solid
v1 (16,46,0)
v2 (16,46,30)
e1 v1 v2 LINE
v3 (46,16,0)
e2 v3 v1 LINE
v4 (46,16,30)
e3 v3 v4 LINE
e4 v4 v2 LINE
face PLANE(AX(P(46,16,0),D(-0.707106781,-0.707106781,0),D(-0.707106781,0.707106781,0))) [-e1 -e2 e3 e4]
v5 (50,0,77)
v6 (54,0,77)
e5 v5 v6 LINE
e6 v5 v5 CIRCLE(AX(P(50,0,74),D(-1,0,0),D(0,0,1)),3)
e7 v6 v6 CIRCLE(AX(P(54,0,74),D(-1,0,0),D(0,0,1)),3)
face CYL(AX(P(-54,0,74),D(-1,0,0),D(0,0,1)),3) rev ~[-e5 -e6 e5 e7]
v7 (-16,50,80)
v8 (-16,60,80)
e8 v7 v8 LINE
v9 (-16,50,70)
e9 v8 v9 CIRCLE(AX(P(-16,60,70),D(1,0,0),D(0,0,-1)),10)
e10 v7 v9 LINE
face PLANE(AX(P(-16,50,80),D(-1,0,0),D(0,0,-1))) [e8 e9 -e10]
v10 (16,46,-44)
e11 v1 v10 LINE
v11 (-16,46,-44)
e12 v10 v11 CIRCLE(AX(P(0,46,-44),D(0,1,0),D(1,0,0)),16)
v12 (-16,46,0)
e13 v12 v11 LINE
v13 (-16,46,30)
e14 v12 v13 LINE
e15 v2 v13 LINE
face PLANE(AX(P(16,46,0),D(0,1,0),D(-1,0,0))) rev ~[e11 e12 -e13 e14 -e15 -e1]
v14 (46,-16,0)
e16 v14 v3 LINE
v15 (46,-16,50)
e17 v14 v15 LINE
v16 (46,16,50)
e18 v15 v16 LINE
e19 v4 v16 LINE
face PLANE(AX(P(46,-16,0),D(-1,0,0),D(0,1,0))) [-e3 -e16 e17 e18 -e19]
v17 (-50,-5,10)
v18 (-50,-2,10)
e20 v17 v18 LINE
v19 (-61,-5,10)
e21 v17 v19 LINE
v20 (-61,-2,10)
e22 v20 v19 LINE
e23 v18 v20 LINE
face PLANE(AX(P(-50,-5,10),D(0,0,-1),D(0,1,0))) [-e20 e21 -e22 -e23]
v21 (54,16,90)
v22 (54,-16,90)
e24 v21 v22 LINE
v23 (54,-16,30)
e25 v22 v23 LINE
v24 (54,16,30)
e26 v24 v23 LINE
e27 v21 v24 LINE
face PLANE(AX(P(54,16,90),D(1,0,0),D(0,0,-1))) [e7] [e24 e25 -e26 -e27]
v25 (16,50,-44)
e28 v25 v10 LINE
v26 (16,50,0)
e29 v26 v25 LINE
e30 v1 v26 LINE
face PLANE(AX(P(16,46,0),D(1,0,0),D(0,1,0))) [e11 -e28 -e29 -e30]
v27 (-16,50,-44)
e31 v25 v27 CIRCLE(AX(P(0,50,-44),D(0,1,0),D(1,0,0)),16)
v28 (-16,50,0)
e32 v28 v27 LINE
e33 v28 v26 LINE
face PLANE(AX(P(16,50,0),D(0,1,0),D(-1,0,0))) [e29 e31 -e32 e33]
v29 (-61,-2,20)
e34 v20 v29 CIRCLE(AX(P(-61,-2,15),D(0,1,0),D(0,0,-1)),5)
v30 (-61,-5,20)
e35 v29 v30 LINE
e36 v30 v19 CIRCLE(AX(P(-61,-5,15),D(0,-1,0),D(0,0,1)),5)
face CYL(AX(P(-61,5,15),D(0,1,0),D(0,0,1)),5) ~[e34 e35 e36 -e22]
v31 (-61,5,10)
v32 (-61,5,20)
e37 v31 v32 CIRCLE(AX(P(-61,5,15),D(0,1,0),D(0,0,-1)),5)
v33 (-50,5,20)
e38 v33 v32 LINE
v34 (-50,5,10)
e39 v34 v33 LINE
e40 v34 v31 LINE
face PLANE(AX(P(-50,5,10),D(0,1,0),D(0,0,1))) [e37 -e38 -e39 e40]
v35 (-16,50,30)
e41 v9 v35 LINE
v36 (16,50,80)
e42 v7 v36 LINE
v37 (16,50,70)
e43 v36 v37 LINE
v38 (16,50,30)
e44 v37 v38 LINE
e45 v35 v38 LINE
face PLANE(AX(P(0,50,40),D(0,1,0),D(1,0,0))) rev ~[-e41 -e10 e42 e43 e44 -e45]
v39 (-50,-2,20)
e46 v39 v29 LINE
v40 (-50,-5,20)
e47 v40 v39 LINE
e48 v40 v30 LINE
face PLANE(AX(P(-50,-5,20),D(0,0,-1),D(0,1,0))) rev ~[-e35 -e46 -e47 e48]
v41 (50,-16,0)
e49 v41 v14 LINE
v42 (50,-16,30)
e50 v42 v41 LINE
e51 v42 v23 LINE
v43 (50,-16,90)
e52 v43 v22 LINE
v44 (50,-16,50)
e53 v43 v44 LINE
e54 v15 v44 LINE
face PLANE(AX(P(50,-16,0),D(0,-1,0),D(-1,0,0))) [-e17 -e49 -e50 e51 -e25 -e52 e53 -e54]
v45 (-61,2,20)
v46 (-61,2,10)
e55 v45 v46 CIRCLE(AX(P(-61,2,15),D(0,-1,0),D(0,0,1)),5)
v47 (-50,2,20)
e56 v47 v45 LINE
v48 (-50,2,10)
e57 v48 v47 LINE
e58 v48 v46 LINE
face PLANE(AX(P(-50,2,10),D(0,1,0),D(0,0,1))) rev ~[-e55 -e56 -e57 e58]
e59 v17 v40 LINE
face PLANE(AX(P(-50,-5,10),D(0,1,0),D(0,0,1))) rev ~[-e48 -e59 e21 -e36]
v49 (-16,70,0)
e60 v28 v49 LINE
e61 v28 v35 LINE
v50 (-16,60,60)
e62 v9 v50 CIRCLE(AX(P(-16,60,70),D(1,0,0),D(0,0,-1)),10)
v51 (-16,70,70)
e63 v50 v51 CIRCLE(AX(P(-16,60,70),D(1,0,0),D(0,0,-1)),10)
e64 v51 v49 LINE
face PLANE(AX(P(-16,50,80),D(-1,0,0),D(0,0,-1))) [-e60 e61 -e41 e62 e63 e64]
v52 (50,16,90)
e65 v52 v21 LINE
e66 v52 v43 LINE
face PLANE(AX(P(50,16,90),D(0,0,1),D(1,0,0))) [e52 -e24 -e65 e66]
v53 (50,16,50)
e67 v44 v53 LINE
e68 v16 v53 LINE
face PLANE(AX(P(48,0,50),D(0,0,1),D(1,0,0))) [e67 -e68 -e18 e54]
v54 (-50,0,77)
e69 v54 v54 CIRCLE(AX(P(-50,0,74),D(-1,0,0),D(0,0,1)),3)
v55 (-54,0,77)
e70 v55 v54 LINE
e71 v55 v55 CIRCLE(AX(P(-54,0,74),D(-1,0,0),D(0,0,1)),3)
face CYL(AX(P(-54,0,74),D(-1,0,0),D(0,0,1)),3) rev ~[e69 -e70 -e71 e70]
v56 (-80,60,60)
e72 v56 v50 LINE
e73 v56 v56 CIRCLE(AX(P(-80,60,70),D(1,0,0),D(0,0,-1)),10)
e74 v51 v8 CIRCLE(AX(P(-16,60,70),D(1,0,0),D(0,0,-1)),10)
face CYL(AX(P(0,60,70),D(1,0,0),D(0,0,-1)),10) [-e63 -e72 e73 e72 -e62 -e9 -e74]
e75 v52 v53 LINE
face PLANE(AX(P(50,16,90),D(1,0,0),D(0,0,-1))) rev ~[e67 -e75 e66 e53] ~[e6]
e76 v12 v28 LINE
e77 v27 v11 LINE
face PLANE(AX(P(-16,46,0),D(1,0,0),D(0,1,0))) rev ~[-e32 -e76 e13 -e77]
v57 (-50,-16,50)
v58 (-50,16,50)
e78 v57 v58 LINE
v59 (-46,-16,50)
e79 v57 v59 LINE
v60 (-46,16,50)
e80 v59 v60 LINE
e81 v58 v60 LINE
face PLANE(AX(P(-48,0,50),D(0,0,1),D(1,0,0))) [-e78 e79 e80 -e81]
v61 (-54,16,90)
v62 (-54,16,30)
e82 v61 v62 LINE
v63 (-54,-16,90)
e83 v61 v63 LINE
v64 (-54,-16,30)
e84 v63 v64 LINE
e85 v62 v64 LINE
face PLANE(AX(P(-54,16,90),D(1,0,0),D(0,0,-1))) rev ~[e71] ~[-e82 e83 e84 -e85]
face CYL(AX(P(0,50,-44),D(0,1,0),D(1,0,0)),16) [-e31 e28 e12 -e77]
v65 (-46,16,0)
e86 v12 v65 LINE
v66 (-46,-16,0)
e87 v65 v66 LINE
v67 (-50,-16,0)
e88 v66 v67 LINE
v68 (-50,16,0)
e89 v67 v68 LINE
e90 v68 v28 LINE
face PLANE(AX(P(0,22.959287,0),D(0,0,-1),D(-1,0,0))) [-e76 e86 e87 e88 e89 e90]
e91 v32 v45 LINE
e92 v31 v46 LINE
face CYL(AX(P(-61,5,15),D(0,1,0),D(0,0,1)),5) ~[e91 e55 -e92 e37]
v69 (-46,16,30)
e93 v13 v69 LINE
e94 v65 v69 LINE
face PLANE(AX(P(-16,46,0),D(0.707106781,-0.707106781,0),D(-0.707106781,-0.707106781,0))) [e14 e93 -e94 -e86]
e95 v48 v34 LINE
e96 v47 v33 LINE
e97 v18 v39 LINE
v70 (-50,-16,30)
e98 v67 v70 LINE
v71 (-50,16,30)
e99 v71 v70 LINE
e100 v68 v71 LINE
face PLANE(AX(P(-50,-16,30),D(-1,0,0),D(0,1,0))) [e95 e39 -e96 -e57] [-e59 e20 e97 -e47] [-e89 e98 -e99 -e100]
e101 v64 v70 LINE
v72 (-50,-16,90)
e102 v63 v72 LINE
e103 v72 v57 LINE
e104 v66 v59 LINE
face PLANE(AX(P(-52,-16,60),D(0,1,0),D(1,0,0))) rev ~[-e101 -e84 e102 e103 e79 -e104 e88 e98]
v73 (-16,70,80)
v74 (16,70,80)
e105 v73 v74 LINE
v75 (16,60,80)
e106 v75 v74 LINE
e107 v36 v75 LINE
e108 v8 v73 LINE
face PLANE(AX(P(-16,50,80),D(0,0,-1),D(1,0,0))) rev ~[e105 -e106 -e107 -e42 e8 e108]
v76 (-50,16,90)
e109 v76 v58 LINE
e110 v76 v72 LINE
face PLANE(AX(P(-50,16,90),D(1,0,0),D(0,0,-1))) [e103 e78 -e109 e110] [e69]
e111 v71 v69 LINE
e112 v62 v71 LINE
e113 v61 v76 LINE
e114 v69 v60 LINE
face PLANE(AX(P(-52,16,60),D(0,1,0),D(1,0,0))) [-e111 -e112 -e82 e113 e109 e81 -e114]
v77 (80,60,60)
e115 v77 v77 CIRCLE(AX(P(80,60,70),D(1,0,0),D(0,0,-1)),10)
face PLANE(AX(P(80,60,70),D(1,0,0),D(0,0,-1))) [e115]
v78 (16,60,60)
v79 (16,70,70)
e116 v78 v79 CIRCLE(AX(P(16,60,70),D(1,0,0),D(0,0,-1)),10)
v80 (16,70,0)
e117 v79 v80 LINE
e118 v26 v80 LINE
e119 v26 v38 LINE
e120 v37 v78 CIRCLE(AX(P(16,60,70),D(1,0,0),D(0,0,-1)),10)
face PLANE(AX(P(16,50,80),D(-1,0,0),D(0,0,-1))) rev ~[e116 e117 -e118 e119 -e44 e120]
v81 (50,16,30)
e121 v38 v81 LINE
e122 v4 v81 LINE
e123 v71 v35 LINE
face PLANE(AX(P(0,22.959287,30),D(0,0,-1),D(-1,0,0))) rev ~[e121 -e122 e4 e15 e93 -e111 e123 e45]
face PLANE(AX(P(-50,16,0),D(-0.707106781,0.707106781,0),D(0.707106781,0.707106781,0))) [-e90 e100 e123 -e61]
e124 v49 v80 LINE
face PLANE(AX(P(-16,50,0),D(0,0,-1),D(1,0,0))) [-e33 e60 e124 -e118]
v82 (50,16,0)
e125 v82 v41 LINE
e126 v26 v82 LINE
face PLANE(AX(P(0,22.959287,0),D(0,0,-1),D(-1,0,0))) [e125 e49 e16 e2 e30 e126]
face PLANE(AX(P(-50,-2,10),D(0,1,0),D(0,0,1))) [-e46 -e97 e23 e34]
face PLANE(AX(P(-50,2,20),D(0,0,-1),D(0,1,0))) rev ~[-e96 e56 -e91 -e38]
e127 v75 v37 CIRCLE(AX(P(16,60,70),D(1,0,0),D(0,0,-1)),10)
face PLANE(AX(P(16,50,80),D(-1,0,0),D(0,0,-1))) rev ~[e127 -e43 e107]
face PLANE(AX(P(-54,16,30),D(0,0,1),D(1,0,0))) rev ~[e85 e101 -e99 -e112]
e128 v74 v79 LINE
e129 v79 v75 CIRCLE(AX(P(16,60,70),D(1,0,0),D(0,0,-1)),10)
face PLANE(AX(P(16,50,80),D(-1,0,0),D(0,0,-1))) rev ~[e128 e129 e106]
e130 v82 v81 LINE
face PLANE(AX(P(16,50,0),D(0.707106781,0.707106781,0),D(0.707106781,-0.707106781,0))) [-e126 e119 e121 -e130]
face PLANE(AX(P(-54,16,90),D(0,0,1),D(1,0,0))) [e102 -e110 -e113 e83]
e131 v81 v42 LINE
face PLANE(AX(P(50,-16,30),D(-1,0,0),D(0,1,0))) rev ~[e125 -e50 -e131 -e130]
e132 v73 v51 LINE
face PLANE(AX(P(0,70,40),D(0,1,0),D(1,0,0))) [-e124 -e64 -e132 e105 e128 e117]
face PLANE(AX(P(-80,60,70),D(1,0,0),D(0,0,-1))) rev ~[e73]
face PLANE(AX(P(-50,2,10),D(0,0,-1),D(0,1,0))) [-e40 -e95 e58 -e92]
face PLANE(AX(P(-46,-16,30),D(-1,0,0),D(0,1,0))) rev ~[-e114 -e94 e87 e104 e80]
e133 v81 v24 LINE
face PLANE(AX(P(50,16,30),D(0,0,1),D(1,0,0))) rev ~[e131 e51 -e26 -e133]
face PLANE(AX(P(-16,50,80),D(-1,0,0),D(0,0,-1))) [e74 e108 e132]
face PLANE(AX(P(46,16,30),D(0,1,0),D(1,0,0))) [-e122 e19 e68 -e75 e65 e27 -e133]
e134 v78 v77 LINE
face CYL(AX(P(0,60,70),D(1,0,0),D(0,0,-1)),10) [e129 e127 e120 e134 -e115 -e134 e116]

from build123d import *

# Parameters (mm, degrees)
EXTRUDE_1_DEPTH     = 30
SKETCH_2_W          = 32
SKETCH_2_H          = 4
EXTRUDE_2_DEPTH     = 60
CUT_EXTRUDE_1_DEPTH = 30
SKETCH_4_W          = 10
SKETCH_4_H          = 3
EXTRUDE_3_DEPTH     = 16
CUT_EXTRUDE_2_DEPTH = 16
SKETCH_6_W          = 4
SKETCH_6_H          = 32
EXTRUDE_4_DEPTH     = 20
SKETCH_7_W          = 4
SKETCH_7_H          = 60
EXTRUDE_5_DEPTH     = 32
SKETCH_8_R          = 3
CUT_EXTRUDE_3_DEPTH = 109
SKETCH_9_W          = 32
SKETCH_9_H          = 80
EXTRUDE_6_DEPTH     = 20
SKETCH_10_R         = 10
EXTRUDE_7_DEPTH     = 80


with BuildPart() as part:
    # 草图1 → 凸台-拉伸1 (new body)
    with BuildSketch(Plane.XY):
        Polygon((-50, 16), (-16, 50), (16, 50), (50, 16), (50, -16), (46, -16), (46, 16), (16, 46), (-16, 46), (-46, 16), (-46, -16), (-50, -16), align=None)
    extrude(amount=EXTRUDE_1_DEPTH)

    # 草图2 → 凸台-拉伸2 (add)
    with BuildSketch(Plane(origin=(0, 0, 0), x_dir=(-1, 0, 0), z_dir=(0, 0, -1))):
        with Locations((0, 48)):
            Rectangle(SKETCH_2_W, SKETCH_2_H)
    extrude(amount=EXTRUDE_2_DEPTH)

    # 草图3 → 切除-拉伸1 (cut)
    with BuildSketch(Plane(origin=(0, 50, 0), x_dir=(1, 0, 0), z_dir=(0, 1, 0))):
        with BuildLine():
            Line((-16, 44), (-16, 67.226604698))
            Line((-16, 67.226604698), (16, 67.226604698))
            Line((16, 67.226604698), (16, 44))
            ThreePointArc((16, 44), (0, 60), (-16, 44))
        make_face()
    extrude(amount=-CUT_EXTRUDE_1_DEPTH, mode=Mode.SUBTRACT)

    # 草图4 → 凸台-拉伸3 (add)
    with BuildSketch(Plane.ZY.offset(50)):
        with Locations((15, -3.5)):
            Rectangle(SKETCH_4_W, SKETCH_4_H)
        with Locations((15, 3.5)):
            Rectangle(SKETCH_4_W, SKETCH_4_H)
    extrude(amount=EXTRUDE_3_DEPTH)

    # 草图5 → 切除-拉伸2 (cut)
    with BuildSketch(Plane(origin=(0, 5, 0), x_dir=(1, 0, 0), z_dir=(0, 1, 0))):
        with BuildLine():
            Line((-61, -10), (-68.871068814, -10))
            Line((-68.871068814, -10), (-68.871068814, -20.208654659))
            Line((-68.871068814, -20.208654659), (-61, -20.208654659))
            Line((-61, -20.208654659), (-61, -20))
            ThreePointArc((-61, -20), (-66, -15), (-61, -10))
        make_face()
    extrude(amount=-CUT_EXTRUDE_2_DEPTH, mode=Mode.SUBTRACT)

    # 草图6 → 凸台-拉伸4 (add)
    with BuildSketch(Plane.XY.offset(30)):
        with Locations((-48, 0)):
            Rectangle(SKETCH_6_W, SKETCH_6_H)
        with Locations((48, 0)):
            Rectangle(SKETCH_6_W, SKETCH_6_H)
    extrude(amount=EXTRUDE_4_DEPTH)

    # 草图7 → 凸台-拉伸5 (add)
    with BuildSketch(Plane(origin=(0, 16, 0), x_dir=(1, 0, 0), z_dir=(0, 1, 0))):
        with Locations((-52, -60)):
            Rectangle(SKETCH_7_W, SKETCH_7_H)
        with Locations((52, -60)):
            Rectangle(SKETCH_7_W, SKETCH_7_H)
    extrude(amount=-EXTRUDE_5_DEPTH)

    # 草图8 → 切除-拉伸3 (cut, through all)
    with BuildSketch(Plane.ZY.offset(54)):
        with Locations((74, 0)):
            Circle(SKETCH_8_R)
    extrude(amount=-CUT_EXTRUDE_3_DEPTH, mode=Mode.SUBTRACT)

    # 草图9 → 凸台-拉伸6 (add)
    with BuildSketch(Plane(origin=(0, 50, 0), x_dir=(1, 0, 0), z_dir=(0, 1, 0))):
        with Locations((0, -40)):
            Rectangle(SKETCH_9_W, SKETCH_9_H)
    extrude(amount=EXTRUDE_6_DEPTH)

    # 草图10 → 凸台-拉伸7 (add, symmetric)
    with BuildSketch(Plane(origin=(0, 0, 0), x_dir=(0, 0, -1), z_dir=(1, 0, 0))):
        with Locations((-70, 60)):
            Circle(SKETCH_10_R)
    extrude(amount=EXTRUDE_7_DEPTH, both=True)


solid = part.part
